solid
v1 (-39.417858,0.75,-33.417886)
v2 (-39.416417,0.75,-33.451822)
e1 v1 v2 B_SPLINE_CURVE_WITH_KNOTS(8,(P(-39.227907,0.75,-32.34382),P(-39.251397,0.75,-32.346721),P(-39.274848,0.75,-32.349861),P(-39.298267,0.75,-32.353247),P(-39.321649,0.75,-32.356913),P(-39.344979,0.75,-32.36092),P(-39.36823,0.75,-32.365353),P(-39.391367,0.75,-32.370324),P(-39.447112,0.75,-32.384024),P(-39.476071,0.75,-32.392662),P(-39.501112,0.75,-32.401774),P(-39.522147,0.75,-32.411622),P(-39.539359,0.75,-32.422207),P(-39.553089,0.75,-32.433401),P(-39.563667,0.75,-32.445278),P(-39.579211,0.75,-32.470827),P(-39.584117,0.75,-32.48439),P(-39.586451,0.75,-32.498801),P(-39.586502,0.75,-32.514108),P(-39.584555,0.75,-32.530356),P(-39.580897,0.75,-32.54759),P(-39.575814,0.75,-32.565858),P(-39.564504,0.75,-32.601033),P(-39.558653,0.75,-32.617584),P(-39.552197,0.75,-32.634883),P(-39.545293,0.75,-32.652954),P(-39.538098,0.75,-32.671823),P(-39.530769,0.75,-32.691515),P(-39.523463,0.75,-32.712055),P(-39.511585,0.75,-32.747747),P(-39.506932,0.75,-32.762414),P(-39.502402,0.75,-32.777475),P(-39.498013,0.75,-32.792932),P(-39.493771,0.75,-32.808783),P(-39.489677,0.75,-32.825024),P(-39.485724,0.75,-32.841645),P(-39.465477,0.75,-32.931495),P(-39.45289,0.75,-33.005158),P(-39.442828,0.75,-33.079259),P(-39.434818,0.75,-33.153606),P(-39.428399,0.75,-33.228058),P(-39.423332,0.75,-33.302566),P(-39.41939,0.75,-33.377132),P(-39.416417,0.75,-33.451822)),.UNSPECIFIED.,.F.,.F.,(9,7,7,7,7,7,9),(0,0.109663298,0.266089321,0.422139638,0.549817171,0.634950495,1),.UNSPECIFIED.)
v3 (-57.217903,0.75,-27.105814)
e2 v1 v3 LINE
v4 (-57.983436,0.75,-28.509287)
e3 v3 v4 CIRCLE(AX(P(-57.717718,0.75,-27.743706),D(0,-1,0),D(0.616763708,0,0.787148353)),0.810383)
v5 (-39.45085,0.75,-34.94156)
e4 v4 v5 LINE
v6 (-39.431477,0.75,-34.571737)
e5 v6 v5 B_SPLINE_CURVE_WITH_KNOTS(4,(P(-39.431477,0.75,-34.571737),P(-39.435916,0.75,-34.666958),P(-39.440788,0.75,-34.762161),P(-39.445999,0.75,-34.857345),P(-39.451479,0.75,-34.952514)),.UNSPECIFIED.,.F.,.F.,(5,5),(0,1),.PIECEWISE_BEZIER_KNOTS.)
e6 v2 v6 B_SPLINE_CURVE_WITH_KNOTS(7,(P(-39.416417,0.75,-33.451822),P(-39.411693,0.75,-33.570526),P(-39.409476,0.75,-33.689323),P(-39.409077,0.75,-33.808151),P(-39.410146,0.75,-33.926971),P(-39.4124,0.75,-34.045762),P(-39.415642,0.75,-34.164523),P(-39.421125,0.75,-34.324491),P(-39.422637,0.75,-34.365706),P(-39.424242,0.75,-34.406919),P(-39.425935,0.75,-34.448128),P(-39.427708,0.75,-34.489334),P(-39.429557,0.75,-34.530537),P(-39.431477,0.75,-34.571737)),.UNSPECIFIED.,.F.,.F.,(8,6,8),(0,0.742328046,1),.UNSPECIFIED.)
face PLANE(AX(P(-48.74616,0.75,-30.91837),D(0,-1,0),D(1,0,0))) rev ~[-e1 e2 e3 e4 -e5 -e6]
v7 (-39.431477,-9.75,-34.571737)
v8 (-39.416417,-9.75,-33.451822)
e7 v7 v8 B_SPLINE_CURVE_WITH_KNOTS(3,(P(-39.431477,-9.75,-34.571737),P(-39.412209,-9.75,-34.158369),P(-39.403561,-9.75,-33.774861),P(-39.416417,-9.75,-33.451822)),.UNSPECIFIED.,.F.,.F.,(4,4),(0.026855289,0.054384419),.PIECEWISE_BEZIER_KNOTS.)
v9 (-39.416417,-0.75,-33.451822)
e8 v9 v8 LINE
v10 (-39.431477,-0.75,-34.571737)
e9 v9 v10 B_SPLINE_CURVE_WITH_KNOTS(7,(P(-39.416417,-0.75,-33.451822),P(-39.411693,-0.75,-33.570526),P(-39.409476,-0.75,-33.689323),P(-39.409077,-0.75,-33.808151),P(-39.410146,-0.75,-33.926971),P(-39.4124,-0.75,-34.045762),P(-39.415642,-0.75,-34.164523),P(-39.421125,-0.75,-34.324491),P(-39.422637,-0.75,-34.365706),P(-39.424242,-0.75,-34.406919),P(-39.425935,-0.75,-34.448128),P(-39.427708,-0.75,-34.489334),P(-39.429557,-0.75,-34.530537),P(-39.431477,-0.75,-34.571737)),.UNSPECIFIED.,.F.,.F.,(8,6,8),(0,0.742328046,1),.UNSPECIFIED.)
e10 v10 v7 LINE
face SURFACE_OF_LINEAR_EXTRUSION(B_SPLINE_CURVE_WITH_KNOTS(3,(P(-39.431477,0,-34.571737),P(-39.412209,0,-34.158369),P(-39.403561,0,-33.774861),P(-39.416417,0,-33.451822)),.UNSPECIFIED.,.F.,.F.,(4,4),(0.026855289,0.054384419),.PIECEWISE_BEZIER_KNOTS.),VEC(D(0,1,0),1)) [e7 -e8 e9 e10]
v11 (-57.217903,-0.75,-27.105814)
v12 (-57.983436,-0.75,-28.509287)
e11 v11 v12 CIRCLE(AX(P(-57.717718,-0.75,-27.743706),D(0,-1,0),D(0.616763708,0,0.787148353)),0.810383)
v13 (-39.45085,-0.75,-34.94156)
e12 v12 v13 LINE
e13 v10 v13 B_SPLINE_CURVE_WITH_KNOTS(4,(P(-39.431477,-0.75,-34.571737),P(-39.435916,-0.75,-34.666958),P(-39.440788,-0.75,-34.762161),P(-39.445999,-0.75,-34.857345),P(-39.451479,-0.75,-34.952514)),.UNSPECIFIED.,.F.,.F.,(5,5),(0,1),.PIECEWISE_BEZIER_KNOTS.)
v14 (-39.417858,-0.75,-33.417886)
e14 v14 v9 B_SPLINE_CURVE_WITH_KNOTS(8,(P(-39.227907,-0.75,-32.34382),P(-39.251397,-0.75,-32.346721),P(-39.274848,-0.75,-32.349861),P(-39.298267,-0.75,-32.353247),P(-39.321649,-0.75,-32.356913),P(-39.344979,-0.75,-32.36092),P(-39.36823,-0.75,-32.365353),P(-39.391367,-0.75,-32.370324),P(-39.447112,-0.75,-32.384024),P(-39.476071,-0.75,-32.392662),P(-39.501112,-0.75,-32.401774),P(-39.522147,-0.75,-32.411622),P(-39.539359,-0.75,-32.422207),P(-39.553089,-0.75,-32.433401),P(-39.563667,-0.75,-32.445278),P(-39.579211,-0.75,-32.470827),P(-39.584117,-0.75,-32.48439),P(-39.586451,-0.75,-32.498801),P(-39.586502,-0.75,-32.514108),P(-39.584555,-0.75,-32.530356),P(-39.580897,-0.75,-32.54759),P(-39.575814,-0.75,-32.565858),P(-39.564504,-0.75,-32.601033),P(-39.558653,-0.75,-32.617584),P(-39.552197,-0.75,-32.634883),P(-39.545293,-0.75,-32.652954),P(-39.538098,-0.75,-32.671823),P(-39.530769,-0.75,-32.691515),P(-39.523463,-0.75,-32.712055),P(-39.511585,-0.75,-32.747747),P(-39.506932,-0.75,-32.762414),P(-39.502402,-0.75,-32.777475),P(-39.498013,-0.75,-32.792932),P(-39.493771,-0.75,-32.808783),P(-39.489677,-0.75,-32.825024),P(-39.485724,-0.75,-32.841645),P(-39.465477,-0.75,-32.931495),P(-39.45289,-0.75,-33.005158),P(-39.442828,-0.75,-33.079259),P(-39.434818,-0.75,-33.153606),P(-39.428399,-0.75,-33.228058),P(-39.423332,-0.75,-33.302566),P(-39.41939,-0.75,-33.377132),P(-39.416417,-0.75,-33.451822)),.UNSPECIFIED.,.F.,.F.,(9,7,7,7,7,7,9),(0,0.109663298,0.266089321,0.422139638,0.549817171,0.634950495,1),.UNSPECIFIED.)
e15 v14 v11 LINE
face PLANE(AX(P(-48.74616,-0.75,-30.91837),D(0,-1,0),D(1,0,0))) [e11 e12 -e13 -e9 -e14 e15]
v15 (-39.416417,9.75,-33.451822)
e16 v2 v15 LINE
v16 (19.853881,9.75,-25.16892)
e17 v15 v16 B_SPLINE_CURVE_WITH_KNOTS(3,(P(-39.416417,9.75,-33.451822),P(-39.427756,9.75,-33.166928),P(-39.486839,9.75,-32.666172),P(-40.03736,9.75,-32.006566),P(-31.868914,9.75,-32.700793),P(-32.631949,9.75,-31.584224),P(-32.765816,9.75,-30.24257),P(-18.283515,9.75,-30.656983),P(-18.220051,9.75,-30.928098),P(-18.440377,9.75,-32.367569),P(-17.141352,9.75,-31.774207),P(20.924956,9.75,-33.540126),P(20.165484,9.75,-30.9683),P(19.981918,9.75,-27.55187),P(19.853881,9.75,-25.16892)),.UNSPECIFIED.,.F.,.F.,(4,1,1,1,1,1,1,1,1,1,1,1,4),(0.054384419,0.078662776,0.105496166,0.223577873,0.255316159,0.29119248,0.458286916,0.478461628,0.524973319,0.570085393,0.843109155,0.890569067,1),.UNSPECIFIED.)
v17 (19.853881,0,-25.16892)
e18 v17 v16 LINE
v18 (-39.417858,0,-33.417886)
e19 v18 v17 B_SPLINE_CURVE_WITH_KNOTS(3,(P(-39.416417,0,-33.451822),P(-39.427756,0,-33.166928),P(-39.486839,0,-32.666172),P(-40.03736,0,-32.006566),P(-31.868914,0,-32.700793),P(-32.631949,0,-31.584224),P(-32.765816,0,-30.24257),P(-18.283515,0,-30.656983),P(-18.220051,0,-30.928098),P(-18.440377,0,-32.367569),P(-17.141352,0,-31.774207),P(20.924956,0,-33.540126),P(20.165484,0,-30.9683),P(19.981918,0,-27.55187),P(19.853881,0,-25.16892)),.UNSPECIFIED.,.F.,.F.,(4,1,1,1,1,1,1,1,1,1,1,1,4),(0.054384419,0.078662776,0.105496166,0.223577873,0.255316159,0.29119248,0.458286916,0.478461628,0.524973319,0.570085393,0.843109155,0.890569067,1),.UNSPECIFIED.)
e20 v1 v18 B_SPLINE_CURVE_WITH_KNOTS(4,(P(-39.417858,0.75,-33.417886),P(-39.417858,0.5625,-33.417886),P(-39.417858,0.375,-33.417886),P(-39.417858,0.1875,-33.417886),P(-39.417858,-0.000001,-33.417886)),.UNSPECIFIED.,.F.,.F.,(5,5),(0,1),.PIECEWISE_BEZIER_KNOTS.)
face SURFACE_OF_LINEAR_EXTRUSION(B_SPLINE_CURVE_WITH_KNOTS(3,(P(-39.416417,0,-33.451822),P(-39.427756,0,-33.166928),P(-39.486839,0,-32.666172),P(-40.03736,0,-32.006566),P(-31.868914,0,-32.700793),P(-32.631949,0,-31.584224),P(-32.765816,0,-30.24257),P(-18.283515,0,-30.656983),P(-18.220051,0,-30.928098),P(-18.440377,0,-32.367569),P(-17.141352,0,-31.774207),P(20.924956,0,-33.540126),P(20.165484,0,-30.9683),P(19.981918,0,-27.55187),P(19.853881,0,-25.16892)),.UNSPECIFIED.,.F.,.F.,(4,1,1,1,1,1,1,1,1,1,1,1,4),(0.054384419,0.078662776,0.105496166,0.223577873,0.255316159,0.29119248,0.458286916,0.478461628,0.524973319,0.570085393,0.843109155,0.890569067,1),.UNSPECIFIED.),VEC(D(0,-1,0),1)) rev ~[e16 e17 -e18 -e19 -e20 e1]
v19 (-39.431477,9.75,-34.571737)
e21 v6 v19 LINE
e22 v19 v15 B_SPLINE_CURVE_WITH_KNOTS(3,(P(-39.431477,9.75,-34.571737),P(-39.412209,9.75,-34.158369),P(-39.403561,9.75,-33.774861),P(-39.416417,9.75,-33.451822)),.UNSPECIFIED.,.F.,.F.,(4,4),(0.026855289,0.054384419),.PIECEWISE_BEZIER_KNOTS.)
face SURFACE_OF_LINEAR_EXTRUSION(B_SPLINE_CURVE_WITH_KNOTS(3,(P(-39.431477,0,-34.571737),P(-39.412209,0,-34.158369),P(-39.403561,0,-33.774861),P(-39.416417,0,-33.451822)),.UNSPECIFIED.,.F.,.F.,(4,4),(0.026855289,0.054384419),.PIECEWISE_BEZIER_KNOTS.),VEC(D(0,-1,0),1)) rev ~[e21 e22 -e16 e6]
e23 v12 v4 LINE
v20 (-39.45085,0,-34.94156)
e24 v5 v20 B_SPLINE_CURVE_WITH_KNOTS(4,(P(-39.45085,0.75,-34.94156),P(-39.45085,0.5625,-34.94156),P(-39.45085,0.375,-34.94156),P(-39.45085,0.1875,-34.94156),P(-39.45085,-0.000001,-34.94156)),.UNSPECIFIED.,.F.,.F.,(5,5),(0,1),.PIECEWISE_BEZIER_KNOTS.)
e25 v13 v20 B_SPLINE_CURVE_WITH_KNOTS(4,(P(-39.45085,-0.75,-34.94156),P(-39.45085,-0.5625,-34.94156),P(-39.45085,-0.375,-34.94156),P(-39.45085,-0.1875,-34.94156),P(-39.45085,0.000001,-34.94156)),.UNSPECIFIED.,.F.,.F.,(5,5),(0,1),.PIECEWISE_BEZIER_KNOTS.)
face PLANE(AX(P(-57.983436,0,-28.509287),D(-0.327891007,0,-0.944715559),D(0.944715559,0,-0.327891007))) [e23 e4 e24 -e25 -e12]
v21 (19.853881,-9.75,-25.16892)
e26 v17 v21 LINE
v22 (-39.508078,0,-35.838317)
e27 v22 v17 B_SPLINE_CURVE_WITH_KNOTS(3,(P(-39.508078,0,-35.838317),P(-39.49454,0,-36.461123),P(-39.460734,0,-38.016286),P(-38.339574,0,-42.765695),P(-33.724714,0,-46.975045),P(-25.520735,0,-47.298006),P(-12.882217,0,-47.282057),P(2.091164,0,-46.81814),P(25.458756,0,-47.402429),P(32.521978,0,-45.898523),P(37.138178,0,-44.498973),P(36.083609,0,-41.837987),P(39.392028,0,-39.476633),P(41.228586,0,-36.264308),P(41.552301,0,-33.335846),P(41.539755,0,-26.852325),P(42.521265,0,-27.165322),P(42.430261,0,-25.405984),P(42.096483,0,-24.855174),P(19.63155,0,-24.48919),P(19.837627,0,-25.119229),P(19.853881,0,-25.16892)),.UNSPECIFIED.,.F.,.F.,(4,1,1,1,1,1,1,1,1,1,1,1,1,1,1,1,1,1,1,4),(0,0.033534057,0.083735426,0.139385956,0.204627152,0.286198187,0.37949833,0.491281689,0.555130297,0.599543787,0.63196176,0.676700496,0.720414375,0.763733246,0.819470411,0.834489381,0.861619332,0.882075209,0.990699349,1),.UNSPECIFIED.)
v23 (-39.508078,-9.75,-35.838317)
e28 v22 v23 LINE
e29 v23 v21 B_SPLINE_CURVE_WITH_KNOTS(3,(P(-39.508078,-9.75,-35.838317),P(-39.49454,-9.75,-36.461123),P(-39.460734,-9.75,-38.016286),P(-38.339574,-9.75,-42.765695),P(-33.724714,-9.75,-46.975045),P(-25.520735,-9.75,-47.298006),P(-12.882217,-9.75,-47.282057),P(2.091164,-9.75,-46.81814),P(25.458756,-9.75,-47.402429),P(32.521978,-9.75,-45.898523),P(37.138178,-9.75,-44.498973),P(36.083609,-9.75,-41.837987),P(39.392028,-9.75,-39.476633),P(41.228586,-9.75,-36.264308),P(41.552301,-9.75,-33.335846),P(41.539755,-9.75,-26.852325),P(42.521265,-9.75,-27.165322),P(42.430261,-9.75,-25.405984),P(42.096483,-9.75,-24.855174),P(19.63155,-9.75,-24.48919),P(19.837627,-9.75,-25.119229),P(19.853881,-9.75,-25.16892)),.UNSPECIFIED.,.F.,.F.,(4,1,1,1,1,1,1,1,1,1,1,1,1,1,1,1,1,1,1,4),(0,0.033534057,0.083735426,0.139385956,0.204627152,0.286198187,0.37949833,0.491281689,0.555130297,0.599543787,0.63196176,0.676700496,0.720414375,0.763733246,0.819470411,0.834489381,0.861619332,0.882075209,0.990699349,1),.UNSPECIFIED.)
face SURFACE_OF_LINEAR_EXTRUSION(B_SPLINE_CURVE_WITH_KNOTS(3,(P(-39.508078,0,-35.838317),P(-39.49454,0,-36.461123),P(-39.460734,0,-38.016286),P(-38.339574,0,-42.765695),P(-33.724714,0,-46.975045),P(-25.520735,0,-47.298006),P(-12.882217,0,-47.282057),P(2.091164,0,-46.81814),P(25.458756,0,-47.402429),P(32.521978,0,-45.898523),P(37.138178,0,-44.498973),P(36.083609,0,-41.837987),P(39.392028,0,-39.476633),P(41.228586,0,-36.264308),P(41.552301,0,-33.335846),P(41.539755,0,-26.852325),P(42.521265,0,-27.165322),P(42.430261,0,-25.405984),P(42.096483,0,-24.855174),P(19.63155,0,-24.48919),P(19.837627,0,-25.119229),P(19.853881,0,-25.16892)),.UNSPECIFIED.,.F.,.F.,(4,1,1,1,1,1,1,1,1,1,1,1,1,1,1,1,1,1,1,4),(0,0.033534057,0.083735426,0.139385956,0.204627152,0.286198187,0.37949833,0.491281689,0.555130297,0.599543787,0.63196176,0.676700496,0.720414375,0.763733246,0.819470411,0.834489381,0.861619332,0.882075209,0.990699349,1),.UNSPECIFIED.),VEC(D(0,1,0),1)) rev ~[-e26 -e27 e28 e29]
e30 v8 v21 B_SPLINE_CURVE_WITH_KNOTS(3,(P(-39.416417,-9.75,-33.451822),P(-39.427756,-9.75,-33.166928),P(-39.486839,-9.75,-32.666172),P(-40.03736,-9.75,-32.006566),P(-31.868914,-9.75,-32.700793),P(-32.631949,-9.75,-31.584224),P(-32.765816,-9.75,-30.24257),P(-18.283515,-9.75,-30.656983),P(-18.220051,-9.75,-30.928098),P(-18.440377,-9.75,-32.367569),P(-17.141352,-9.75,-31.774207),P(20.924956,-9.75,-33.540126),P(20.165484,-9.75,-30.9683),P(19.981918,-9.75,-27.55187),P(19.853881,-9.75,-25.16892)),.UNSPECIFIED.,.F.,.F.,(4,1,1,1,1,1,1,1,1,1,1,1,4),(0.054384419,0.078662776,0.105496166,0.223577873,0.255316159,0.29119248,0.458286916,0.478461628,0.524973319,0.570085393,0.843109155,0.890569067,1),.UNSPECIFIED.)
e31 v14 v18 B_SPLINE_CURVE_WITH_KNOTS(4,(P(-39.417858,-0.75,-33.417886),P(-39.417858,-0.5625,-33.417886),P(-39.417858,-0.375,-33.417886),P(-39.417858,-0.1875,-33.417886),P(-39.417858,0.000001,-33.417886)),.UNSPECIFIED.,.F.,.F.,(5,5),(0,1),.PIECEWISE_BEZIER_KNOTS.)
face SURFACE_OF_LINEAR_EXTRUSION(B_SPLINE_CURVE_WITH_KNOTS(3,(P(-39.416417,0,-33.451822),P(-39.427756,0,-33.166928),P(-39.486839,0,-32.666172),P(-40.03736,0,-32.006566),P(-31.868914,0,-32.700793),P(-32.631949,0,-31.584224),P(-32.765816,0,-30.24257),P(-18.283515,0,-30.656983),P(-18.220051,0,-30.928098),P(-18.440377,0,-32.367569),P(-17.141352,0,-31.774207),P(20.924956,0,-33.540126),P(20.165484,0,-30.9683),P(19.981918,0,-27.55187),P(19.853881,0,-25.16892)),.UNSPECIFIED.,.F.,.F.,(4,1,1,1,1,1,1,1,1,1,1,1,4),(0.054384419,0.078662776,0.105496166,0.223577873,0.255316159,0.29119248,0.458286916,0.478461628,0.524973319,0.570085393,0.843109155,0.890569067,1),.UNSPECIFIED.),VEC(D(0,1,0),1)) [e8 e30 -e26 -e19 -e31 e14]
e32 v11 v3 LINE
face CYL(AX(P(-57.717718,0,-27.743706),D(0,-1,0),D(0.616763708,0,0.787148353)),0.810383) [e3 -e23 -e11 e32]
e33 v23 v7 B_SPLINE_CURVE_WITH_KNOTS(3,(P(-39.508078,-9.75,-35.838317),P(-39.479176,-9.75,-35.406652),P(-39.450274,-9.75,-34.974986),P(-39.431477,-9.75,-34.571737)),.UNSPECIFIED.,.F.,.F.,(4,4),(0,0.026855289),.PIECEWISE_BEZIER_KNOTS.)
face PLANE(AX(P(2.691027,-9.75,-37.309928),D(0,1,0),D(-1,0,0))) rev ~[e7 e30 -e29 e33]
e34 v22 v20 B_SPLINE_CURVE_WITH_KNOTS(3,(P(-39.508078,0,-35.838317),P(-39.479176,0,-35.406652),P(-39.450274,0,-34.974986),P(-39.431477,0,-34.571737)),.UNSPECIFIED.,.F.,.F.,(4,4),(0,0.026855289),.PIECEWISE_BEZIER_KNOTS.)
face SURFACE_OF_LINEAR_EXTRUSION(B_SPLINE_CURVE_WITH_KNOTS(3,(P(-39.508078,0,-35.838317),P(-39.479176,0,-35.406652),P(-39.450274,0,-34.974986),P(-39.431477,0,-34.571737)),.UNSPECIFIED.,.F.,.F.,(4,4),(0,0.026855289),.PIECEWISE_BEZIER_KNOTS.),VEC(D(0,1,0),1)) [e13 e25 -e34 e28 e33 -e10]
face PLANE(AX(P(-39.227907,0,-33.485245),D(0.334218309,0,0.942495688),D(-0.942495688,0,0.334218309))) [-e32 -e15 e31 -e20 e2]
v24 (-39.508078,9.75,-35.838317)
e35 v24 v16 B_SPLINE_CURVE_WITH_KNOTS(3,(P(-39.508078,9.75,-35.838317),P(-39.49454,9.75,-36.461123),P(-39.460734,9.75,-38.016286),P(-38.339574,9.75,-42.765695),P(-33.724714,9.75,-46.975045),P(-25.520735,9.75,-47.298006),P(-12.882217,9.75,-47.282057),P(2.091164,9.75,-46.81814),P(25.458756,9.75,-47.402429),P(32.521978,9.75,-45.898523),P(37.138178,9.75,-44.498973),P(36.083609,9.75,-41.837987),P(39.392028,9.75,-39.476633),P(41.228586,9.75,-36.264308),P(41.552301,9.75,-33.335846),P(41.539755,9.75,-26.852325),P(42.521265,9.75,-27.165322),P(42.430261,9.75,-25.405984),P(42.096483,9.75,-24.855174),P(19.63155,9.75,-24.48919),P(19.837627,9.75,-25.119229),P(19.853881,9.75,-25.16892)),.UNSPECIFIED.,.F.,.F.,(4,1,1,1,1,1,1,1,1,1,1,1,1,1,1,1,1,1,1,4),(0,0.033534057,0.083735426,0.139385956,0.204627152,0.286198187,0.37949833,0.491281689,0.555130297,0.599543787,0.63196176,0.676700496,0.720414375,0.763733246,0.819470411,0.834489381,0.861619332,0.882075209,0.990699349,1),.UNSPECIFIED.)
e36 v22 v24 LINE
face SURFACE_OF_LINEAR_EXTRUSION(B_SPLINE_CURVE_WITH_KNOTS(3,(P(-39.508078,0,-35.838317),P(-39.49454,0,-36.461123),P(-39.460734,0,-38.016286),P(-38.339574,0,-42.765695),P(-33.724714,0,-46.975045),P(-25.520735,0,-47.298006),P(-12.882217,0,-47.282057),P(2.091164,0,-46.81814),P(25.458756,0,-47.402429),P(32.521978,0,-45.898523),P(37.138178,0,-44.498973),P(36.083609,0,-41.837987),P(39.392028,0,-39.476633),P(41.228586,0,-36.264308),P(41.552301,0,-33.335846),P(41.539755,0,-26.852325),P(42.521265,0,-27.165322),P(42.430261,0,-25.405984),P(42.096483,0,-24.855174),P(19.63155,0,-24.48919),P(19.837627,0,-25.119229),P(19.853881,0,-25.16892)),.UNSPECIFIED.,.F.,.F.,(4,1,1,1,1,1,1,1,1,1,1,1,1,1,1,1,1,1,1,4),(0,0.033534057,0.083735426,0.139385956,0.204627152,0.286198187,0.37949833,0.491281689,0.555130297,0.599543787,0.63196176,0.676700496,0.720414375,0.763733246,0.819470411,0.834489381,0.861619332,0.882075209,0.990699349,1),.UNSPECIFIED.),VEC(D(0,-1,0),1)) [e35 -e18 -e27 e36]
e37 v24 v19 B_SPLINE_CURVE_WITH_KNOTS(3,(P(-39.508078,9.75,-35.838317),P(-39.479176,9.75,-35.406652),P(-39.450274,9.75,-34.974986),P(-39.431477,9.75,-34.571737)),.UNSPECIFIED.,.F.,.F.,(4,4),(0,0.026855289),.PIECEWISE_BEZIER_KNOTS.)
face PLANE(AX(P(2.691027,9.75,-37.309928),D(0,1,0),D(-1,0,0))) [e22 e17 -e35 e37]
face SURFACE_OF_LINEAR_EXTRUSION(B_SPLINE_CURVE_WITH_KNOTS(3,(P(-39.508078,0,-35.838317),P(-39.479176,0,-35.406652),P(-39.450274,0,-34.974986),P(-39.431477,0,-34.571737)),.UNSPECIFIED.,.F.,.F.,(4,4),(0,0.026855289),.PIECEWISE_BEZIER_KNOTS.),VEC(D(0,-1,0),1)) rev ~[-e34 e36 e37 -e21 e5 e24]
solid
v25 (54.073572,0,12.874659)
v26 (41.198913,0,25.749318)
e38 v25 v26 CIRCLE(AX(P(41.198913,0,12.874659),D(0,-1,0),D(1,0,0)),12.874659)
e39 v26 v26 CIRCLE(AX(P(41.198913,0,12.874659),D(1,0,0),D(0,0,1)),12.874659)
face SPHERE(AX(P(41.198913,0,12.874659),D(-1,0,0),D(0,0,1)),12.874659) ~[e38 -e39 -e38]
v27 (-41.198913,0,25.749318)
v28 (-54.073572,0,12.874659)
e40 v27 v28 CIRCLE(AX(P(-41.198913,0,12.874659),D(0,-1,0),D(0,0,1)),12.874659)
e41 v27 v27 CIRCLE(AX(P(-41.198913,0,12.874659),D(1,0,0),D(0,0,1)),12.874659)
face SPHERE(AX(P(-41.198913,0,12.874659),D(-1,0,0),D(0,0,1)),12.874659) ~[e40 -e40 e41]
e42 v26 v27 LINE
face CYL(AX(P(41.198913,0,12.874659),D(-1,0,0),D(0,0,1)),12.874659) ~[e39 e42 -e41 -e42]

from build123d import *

# Parameters (mm, degrees)
F0_W     = 41.198913008
F0_H     = 12.8746591508
F3_DEPTH = 9.75
F5_DEPTH = 0.75


with BuildPart() as f1:
    # F0 (on Front) → F1 (revolve)
    with BuildSketch(Plane.XZ):
        with Locations((-20.599456504, 19.3119887263)):
            Rectangle(F0_W, F0_H)
        with Locations((20.599456504, 19.3119887263)):
            Rectangle(F0_W, F0_H)
        with BuildLine():
            Line((-41.198913008, 12.8746591508), (-41.198913008, 25.7493183017))
            ThreePointArc((-41.198913008, 25.7493183017), (-50.302671799, 21.9784179419), (-54.0735721588, 12.8746591508))
            Line((-54.0735721588, 12.8746591508), (-41.198913008, 12.8746591508))
        make_face()
        with BuildLine():
            ThreePointArc((54.0735721588, 12.8746591508), (50.302671799, 21.9784179419), (41.198913008, 25.7493183017))
            Line((41.198913008, 25.7493183017), (41.198913008, 12.8746591508))
            Line((41.198913008, 12.8746591508), (54.0735721588, 12.8746591508))
        make_face()
    revolve(axis=Axis((0, 0, 12.8746591508), (1, 0, 0)))


with BuildPart() as f3:
    # F2 (on Front) → F3 (new body, symmetric)
    with BuildSketch(Plane.XZ):
        with BuildLine():
            add(Edge.make_bspline(
                [(-39.5080782473, -35.838317126), (-39.4791760216, -35.4066517075), (-39.4502737959, -34.974986289), (-39.4314774388, -34.5717367208)],
                knots=[0, 0, 0, 0, 0.0268552885, 0.0268552885, 0.0268552885, 0.0268552885], degree=3))
            add(Edge.make_bspline(
                [(-39.5080782473, -35.838317126), (-39.4945399325, -36.461123032), (-39.4607344024, -38.016285843), (-38.3395737782, -42.7656945783), (-33.7247142777, -46.9750445327), (-25.5207345121, -47.2980059506), (-12.8822166143, -47.2820568303), (2.0911641254, -46.818140277), (25.4587559594, -47.4024286709), (32.521977693, -45.8985232563), (37.1381781423, -44.4989726013), (36.0836088429, -41.8379871451), (39.3920275479, -39.4766332469), (41.2285856314, -36.264307841), (41.5523012926, -33.335846059), (41.5397553849, -26.8523246958), (42.5212652381, -27.1653215005), (42.4302611758, -25.4059836265), (42.0964830964, -24.8551743359), (19.6315497382, -24.4891901059), (19.8376274171, -25.119229167), (19.8538806289, -25.1689199358)],
                knots=[0, 0, 0, 0, 0.0335340568, 0.0837354262, 0.139385956, 0.2046271521, 0.2861981868, 0.3794983303, 0.4912816889, 0.5551302971, 0.5995437874, 0.6319617603, 0.6767004961, 0.7204143754, 0.7637332458, 0.8194704106, 0.8344893807, 0.861619332, 0.882075209, 0.9906993488, 1, 1, 1, 1], degree=3))
            add(Edge.make_bspline(
                [(-39.416417436, -33.4518216897), (-39.4277558634, -33.1669284338), (-39.4868386134, -32.6661715294), (-40.0373604858, -32.0065658604), (-31.8689141013, -32.7007925635), (-32.6319486468, -31.5842244133), (-32.7658161624, -30.2425696661), (-18.2835151874, -30.6569831131), (-18.2200508135, -30.9280980656), (-18.4403771218, -32.3675689755), (-17.1413518528, -31.7742071958), (20.9249560434, -33.5401263428), (20.16548368, -30.9682999002), (19.9819175205, -27.5518702337), (19.8538806289, -25.1689199358)],
                knots=[0.0543844186, 0.0543844186, 0.0543844186, 0.0543844186, 0.0786627761, 0.105496166, 0.2235778731, 0.2553161585, 0.2911924799, 0.4582869164, 0.4784616283, 0.5249733193, 0.5700853934, 0.8431091545, 0.8905690667, 1, 1, 1, 1], degree=3))
            add(Edge.make_bspline(
                [(-39.4314774388, -34.5717367208), (-39.4122094514, -34.1583689842), (-39.4035608397, -33.7748609853), (-39.416417436, -33.4518216897)],
                knots=[0.0268552885, 0.0268552885, 0.0268552885, 0.0268552885, 0.0543844186, 0.0543844186, 0.0543844186, 0.0543844186], degree=3))
        make_face()
    extrude(amount=F3_DEPTH, both=True)

    # F4 (on Front) → F5 (join, symmetric)
    with BuildSketch(Plane.XZ):
        with BuildLine():
            Line((-57.9834356904, -28.5092871636), (-39.4192896783, -34.9525138736))
            Line((-39.4192896783, -34.9525138736), (-39.2279066145, -33.4852449596))
            Line((-39.2279066145, -33.4852449596), (-57.2179034352, -27.105813846))
            ThreePointArc((-57.2179034352, -27.105813846), (-58.42914983, -27.3556513776), (-57.9834356904, -28.5092871636))
        make_face()
    extrude(amount=F5_DEPTH, both=True)


solid = Compound([f1.part, f3.part])
